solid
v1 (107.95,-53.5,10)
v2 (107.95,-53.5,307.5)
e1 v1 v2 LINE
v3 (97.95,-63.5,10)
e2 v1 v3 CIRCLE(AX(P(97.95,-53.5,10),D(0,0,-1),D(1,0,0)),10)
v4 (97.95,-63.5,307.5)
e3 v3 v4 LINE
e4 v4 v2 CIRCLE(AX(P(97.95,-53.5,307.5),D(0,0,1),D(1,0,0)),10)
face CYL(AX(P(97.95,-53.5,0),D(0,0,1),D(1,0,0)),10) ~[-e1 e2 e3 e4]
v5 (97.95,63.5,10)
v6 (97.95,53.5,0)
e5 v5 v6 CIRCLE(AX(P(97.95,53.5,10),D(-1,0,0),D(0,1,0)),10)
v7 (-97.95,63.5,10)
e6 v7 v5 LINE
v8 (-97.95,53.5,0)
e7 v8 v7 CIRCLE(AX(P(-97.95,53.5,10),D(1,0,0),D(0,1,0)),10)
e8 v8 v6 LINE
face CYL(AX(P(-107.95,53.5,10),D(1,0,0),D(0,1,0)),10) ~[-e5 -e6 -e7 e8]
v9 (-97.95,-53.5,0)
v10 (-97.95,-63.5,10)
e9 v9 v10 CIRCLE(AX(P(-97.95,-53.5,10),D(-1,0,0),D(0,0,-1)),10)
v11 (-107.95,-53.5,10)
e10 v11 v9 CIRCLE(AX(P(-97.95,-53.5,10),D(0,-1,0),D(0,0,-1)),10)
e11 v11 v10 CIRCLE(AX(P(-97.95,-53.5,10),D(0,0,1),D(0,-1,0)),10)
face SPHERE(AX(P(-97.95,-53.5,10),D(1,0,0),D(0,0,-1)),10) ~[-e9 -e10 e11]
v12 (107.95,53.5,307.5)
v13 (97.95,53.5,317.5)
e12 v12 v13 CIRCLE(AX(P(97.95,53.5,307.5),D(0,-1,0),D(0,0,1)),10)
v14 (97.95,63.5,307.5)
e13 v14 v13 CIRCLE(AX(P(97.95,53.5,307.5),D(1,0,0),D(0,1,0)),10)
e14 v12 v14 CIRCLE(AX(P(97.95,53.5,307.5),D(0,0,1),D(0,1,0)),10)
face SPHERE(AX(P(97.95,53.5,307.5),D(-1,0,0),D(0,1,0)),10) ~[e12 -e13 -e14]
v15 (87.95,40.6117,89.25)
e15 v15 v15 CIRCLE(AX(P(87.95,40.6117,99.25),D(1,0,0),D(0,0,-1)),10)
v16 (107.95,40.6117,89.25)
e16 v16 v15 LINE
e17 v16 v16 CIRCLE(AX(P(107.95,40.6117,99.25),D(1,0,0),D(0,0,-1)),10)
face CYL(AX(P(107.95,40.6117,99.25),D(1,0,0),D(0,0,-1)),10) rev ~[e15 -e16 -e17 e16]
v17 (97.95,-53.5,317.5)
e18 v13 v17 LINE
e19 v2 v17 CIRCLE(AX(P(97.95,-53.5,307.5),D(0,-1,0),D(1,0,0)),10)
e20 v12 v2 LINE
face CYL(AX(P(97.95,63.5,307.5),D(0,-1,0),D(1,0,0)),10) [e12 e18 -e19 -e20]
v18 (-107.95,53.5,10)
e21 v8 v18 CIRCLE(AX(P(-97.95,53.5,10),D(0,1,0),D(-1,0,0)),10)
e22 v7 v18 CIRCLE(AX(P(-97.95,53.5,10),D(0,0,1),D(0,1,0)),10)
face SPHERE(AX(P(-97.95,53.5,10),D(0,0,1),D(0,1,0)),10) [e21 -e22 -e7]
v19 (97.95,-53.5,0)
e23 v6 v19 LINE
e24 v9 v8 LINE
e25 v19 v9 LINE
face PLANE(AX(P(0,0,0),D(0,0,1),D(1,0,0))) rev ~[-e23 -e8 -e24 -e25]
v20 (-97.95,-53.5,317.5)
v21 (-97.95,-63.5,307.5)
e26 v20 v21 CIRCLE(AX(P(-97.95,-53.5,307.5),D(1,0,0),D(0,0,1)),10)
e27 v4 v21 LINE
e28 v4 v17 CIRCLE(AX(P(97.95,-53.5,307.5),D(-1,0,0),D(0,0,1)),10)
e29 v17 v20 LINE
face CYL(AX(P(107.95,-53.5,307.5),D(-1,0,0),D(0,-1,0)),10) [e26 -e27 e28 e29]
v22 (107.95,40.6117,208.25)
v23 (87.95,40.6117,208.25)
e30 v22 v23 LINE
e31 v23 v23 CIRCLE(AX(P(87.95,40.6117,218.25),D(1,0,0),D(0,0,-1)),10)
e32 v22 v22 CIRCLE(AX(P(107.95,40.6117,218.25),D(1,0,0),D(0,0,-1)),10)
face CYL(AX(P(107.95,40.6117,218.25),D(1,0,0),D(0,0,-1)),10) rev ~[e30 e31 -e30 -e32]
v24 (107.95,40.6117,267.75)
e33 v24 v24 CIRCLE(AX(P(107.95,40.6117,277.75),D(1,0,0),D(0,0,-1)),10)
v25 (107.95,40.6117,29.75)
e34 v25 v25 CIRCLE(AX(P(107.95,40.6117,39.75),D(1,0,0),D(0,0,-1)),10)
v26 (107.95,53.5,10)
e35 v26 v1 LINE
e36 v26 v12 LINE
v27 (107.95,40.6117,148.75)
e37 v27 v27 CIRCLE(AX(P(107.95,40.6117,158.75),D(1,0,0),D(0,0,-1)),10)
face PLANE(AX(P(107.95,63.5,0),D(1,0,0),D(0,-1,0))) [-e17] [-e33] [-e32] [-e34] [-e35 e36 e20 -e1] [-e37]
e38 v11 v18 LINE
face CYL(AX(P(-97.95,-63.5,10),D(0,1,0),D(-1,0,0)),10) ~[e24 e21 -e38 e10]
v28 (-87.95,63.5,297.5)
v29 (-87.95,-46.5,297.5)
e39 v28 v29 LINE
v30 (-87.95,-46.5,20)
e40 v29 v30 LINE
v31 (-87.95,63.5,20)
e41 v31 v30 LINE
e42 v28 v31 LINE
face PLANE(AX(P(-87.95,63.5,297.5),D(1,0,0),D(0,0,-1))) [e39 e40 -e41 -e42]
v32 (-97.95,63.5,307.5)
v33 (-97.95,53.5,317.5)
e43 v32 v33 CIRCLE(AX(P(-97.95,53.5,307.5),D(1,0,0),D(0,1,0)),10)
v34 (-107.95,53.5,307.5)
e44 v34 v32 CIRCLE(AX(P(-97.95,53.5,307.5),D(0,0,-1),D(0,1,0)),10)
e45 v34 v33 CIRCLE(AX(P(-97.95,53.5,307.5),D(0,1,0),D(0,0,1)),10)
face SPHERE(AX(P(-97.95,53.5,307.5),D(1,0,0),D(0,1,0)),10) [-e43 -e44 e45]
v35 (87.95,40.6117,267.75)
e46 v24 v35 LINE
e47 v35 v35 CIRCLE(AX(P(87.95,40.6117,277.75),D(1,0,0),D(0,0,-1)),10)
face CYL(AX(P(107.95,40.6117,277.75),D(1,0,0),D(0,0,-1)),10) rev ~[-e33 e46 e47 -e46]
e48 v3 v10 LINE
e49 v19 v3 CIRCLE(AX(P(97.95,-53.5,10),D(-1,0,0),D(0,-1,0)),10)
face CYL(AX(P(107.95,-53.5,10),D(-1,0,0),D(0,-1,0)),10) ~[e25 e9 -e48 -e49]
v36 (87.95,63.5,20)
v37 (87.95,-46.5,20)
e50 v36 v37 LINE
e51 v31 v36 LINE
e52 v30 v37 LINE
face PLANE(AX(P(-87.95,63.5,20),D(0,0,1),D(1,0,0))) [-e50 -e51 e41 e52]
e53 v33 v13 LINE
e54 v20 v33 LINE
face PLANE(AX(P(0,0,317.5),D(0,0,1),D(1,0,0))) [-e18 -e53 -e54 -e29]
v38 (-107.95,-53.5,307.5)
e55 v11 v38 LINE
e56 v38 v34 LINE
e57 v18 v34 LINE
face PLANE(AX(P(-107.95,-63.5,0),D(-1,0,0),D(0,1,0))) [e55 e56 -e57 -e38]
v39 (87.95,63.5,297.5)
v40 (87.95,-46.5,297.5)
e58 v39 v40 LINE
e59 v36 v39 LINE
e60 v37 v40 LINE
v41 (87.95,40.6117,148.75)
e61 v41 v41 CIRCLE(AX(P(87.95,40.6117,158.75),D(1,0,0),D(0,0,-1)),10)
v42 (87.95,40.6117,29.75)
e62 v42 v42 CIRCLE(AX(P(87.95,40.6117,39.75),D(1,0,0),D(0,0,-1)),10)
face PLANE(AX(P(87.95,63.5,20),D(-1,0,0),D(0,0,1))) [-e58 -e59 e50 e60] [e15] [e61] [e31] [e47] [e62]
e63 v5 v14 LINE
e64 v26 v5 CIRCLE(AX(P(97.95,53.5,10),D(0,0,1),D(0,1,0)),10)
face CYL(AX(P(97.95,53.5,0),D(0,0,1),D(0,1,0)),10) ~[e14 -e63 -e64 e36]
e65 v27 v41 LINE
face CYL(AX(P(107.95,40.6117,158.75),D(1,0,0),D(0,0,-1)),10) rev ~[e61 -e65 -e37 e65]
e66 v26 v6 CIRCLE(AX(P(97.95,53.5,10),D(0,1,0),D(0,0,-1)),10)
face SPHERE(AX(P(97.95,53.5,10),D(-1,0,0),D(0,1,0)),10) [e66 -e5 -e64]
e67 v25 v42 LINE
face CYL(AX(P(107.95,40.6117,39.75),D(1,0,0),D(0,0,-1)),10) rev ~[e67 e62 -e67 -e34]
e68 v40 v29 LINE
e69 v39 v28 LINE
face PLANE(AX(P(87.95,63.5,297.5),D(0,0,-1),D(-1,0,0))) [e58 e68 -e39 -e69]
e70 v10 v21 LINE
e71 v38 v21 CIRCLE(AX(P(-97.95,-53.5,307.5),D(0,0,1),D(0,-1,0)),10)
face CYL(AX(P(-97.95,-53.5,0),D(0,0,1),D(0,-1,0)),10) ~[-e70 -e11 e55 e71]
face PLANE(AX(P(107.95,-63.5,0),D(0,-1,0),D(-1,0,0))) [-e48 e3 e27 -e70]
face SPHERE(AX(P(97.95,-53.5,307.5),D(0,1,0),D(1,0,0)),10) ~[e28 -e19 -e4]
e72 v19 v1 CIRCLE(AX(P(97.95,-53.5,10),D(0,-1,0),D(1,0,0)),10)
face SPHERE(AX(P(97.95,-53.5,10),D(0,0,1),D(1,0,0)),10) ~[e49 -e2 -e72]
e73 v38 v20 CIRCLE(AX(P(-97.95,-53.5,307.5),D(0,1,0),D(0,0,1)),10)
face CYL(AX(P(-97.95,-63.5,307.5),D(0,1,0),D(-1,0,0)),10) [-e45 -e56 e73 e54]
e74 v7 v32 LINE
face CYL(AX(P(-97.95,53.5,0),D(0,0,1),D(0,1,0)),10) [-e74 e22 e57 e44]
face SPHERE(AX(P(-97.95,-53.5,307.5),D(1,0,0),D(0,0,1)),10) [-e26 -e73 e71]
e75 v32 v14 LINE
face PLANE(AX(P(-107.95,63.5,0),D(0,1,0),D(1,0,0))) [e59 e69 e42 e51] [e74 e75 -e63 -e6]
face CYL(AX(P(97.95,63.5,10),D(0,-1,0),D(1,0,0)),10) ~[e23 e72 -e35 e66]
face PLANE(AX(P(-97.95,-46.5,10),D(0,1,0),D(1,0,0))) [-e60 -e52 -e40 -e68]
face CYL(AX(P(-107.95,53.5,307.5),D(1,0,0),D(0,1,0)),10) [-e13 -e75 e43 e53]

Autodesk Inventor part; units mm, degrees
ref_plane "YZ Plane" through (0, 0, 0) normal (1, 0, 0) x (0, 1, 0)
ref_plane "XZ Plane" through (0, 0, 0) normal (0, 1, 0) x (-1, 0, 0)
ref_plane "XY Plane" through (0, 0, 0) normal (0, 0, 1) x (1, 0, 0)
sketch "Sketch1" plane through (0, 0, 0) normal (0, 0, 1) x (1, 0, 0)
  line L0 (-107.95, 63.5) -> (107.95, 63.5)
  line L1 (107.95, 63.5) -> (107.95, -63.5)
  line L2 (107.95, -63.5) -> (-107.95, -63.5)
  line L3 (-107.95, -63.5) -> (-107.95, 63.5)
  line L4 (-107.95, 63.5) -> (107.95, -63.5) construction
  line L5 (107.95, 63.5) -> (-107.95, -63.5) construction
  point P0 (0, 0)
  dimension "d0" = 215.9
  dimension "d1" = 127
extrude "Extrusion1" add sketch "Sketch1" along normal blind 317.5
fillet "Fillet1" radius 10 12 edges at (0, 63.5, 317.5) (-107.95, 63.5, 158.75) (0, 63.5, 0) (107.95, 63.5, 158.75) (107.95, 0, 317.5) (107.95, -63.5, 158.75) (107.95, 0, 0) (0, -63.5, 317.5) (-107.95, 0, 317.5) (0, -63.5, 0) (-107.95, 0, 0) (-107.95, -63.5, 158.75)
sketch "Sketch4" plane through (-97.95, 63.5, 10) normal (0, 1, 0) x (1, 0, 0)
  line L0 (10, -10) -> (185.9, -10)
  line L1 (185.9, -10) -> (185.9, -287.5)
  line L2 (185.9, -287.5) -> (10, -287.5)
  line L3 (10, -287.5) -> (10, -10)
  line L4 (0, 0) -> (195.9, 0) projected
  line L5 (195.9, 0) -> (195.9, -297.5) projected
  line L6 (195.9, -297.5) -> (0, -297.5) projected
  line L7 (0, -297.5) -> (0, 0) projected
  point P0 (97.95, 10)
  point P1 (97.95, -10)
  dimension "d20" = 10
  dimension "d21" = 10
  dimension "d22" = 10
  dimension "d23" = 10
extrude "Extrusion4" cut sketch "Sketch4" against normal blind 110 contours L0 L1 L2 L3
sketch "Sketch5" plane through (107.95, -53.5, 10) normal (1, 0, 0) x (0, 0, -1)
  circle A0 centre (-267.75, 94.1117) radius 10
  circle A1 centre (-208.25, 94.1117) radius 10
  circle A2 centre (-148.75, 94.1117) radius 10
  circle A3 centre (-89.25, 94.1117) radius 10
  circle A4 centre (-29.75, 94.1117) radius 10
  line L0 (-297.5, 107) -> (-297.5, 0) projected
  point P0 (10, 53.5)
  dimension "d26" = 20
  dimension "d27" = 20
  dimension "d28" = 20
  dimension "d29" = 20
  dimension "d30" = 20
  dimension "d31" = 29.75
  dimension "d32" = 59.5
  dimension "d33" = 59.5
  dimension "d34" = 59.5
  dimension "d35" = 59.5
extrude "Extrusion5" cut sketch "Sketch5" against normal blind 59.5
equation "\"d36\" = d33"
